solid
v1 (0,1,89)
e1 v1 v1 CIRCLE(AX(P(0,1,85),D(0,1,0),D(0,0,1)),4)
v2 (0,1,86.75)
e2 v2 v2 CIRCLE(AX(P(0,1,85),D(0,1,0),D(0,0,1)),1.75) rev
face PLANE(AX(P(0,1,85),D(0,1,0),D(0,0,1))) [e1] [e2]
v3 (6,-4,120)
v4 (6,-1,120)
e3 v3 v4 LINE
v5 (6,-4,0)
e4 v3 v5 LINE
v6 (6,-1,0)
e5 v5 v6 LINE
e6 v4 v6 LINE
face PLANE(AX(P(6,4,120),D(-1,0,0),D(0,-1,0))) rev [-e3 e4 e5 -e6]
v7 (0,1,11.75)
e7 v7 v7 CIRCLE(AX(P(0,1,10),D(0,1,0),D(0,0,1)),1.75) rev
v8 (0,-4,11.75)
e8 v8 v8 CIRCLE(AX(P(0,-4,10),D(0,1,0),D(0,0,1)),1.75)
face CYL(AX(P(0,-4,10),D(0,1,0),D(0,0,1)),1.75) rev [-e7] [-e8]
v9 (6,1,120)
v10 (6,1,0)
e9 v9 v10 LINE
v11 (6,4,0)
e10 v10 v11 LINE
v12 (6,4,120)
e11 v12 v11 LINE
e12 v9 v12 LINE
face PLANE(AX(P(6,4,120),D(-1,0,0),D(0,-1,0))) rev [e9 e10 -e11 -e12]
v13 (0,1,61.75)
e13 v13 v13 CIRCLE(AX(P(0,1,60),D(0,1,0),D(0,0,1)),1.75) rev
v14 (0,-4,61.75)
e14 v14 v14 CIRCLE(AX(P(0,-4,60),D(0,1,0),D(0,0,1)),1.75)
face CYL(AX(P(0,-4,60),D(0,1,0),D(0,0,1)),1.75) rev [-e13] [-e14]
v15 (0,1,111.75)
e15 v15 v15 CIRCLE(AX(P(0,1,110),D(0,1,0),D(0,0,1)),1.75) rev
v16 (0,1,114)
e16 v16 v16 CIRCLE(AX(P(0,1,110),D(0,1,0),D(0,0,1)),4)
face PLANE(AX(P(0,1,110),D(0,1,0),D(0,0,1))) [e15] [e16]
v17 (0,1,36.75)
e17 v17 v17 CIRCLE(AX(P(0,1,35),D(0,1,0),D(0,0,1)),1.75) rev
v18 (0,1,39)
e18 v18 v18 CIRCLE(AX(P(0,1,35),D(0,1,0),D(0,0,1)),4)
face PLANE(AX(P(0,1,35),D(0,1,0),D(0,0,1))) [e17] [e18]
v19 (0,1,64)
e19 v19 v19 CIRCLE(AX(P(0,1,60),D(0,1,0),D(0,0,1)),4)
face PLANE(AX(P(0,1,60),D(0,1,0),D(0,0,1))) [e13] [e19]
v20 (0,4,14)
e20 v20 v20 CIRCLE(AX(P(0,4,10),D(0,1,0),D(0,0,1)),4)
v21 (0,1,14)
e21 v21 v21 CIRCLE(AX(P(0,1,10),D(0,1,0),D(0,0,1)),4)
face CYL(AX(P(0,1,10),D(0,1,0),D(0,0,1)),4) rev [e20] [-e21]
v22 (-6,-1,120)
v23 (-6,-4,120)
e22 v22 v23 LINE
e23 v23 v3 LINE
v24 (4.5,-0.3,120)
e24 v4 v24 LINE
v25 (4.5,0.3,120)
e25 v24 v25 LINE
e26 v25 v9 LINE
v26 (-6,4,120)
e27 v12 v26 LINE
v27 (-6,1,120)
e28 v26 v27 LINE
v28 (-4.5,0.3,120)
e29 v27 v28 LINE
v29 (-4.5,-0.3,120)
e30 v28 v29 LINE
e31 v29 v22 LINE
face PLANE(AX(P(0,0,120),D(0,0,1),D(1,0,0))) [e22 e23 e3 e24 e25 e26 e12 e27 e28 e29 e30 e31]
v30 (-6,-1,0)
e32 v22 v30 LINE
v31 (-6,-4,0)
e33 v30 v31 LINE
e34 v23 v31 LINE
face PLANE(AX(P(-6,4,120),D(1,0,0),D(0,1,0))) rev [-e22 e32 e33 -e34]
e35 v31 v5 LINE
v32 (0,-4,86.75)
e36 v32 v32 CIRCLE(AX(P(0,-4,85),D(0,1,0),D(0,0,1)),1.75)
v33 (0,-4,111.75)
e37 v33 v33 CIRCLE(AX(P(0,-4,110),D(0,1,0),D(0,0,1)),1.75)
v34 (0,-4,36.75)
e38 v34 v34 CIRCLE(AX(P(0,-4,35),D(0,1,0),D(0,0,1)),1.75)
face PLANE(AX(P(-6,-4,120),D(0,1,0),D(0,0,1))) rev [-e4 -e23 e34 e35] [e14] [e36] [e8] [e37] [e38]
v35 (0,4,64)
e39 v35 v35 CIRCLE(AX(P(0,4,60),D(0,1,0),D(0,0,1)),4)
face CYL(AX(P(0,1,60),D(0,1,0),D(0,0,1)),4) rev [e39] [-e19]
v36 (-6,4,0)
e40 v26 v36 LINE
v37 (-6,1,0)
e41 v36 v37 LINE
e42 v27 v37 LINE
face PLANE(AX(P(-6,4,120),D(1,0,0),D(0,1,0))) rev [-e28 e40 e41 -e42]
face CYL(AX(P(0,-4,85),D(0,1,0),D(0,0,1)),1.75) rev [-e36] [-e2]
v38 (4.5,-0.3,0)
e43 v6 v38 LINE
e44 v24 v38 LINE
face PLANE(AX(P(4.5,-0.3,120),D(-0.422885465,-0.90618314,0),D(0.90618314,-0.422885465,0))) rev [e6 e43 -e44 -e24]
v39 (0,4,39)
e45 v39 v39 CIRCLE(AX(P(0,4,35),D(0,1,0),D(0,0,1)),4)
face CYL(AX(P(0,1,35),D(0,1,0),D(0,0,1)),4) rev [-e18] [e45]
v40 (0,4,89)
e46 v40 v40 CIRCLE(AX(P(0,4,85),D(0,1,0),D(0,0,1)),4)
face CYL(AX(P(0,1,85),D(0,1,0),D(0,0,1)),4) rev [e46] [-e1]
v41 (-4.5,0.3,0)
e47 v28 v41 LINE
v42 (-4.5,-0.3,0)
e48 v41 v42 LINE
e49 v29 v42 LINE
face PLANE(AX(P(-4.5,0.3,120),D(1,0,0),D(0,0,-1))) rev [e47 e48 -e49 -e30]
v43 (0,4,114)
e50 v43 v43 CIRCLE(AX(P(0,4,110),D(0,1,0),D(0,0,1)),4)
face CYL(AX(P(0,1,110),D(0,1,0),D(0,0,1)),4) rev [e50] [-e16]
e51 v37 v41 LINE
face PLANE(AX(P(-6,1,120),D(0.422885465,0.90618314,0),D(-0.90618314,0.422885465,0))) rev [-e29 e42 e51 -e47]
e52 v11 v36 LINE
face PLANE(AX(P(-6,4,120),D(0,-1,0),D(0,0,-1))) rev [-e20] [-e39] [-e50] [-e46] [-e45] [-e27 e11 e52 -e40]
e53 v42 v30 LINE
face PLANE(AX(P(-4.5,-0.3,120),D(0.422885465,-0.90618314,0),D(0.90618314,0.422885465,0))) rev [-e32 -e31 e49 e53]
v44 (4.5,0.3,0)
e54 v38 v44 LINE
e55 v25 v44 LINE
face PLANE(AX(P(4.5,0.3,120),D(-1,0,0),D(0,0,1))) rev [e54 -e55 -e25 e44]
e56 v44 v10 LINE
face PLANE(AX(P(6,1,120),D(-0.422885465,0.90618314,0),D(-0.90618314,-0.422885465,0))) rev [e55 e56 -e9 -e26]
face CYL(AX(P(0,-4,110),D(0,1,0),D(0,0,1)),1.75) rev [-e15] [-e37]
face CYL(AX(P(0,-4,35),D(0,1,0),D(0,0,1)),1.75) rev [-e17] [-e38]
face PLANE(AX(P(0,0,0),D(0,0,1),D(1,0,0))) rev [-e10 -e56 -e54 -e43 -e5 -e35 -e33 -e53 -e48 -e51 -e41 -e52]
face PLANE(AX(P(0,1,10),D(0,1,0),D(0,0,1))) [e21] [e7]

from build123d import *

# Parameters (mm, degrees)
SKETCH_1_W          = 12
SKETCH_1_H          = 8
EXTRUDE_1_DEPTH     = 120
SKETCH_2_R          = 1.75
CUT_EXTRUDE_1_DEPTH = 9
SKETCH_3_R          = 4
CUT_EXTRUDE_2_DEPTH = 3
CUT_EXTRUDE_3_DEPTH = 121


with BuildPart() as part:
    # 草图1 → 凸台-拉伸1 (new body)
    with BuildSketch(Plane.XY):
        Rectangle(SKETCH_1_W, SKETCH_1_H)
    extrude(amount=EXTRUDE_1_DEPTH)

    # 草图2 → 切除-拉伸1 (cut, through all)
    with BuildSketch(Plane(origin=(0, 4, 0), x_dir=(1, 0, 0), z_dir=(0, 1, 0))):
        with Locations((0, -10)):
            Circle(SKETCH_2_R)
        with Locations((0, -35)):
            Circle(SKETCH_2_R)
        with Locations((0, -60)):
            Circle(SKETCH_2_R)
        with Locations((0, -85)):
            Circle(SKETCH_2_R)
        with Locations((0, -110)):
            Circle(SKETCH_2_R)
        with Locations((0, -135)):
            Circle(SKETCH_2_R)
        with Locations((0, -160)):
            Circle(SKETCH_2_R)
        with Locations((0, -185)):
            Circle(SKETCH_2_R)
        with Locations((0, -210)):
            Circle(SKETCH_2_R)
        with Locations((0, -235)):
            Circle(SKETCH_2_R)
        with Locations((0, -260)):
            Circle(SKETCH_2_R)
        with Locations((0, -285)):
            Circle(SKETCH_2_R)
    extrude(amount=-CUT_EXTRUDE_1_DEPTH, mode=Mode.SUBTRACT)

    # 草图3 → 切除-拉伸2 (cut)
    with BuildSketch(Plane(origin=(0, 4, 0), x_dir=(1, 0, 0), z_dir=(0, 1, 0))):
        with Locations((0, -10)):
            Circle(SKETCH_3_R)
        with Locations((0, -35)):
            Circle(SKETCH_3_R)
        with Locations((0, -60)):
            Circle(SKETCH_3_R)
        with Locations((0, -85)):
            Circle(SKETCH_3_R)
        with Locations((0, -110)):
            Circle(SKETCH_3_R)
        with Locations((0, -135)):
            Circle(SKETCH_3_R)
        with Locations((0, -160)):
            Circle(SKETCH_3_R)
        with Locations((0, -185)):
            Circle(SKETCH_3_R)
        with Locations((0, -210)):
            Circle(SKETCH_3_R)
        with Locations((0, -235)):
            Circle(SKETCH_3_R)
        with Locations((0, -260)):
            Circle(SKETCH_3_R)
        with Locations((0, -285)):
            Circle(SKETCH_3_R)
    extrude(amount=-CUT_EXTRUDE_2_DEPTH, mode=Mode.SUBTRACT)

    # 草图4 → 切除-拉伸3 (cut, through all)
    with BuildSketch(Plane(origin=(0, 0, 0), x_dir=(-1, 0, 0), z_dir=(0, 0, -1))):
        Polygon((6, 1), (4.5, 0.3), (4.5, -0.3), (6, -1), align=None)
        Polygon((-6, 1), (-4.5, 0.3), (-4.5, -0.3), (-6, -1), align=None)
    extrude(amount=-CUT_EXTRUDE_3_DEPTH, mode=Mode.SUBTRACT)


solid = part.part
